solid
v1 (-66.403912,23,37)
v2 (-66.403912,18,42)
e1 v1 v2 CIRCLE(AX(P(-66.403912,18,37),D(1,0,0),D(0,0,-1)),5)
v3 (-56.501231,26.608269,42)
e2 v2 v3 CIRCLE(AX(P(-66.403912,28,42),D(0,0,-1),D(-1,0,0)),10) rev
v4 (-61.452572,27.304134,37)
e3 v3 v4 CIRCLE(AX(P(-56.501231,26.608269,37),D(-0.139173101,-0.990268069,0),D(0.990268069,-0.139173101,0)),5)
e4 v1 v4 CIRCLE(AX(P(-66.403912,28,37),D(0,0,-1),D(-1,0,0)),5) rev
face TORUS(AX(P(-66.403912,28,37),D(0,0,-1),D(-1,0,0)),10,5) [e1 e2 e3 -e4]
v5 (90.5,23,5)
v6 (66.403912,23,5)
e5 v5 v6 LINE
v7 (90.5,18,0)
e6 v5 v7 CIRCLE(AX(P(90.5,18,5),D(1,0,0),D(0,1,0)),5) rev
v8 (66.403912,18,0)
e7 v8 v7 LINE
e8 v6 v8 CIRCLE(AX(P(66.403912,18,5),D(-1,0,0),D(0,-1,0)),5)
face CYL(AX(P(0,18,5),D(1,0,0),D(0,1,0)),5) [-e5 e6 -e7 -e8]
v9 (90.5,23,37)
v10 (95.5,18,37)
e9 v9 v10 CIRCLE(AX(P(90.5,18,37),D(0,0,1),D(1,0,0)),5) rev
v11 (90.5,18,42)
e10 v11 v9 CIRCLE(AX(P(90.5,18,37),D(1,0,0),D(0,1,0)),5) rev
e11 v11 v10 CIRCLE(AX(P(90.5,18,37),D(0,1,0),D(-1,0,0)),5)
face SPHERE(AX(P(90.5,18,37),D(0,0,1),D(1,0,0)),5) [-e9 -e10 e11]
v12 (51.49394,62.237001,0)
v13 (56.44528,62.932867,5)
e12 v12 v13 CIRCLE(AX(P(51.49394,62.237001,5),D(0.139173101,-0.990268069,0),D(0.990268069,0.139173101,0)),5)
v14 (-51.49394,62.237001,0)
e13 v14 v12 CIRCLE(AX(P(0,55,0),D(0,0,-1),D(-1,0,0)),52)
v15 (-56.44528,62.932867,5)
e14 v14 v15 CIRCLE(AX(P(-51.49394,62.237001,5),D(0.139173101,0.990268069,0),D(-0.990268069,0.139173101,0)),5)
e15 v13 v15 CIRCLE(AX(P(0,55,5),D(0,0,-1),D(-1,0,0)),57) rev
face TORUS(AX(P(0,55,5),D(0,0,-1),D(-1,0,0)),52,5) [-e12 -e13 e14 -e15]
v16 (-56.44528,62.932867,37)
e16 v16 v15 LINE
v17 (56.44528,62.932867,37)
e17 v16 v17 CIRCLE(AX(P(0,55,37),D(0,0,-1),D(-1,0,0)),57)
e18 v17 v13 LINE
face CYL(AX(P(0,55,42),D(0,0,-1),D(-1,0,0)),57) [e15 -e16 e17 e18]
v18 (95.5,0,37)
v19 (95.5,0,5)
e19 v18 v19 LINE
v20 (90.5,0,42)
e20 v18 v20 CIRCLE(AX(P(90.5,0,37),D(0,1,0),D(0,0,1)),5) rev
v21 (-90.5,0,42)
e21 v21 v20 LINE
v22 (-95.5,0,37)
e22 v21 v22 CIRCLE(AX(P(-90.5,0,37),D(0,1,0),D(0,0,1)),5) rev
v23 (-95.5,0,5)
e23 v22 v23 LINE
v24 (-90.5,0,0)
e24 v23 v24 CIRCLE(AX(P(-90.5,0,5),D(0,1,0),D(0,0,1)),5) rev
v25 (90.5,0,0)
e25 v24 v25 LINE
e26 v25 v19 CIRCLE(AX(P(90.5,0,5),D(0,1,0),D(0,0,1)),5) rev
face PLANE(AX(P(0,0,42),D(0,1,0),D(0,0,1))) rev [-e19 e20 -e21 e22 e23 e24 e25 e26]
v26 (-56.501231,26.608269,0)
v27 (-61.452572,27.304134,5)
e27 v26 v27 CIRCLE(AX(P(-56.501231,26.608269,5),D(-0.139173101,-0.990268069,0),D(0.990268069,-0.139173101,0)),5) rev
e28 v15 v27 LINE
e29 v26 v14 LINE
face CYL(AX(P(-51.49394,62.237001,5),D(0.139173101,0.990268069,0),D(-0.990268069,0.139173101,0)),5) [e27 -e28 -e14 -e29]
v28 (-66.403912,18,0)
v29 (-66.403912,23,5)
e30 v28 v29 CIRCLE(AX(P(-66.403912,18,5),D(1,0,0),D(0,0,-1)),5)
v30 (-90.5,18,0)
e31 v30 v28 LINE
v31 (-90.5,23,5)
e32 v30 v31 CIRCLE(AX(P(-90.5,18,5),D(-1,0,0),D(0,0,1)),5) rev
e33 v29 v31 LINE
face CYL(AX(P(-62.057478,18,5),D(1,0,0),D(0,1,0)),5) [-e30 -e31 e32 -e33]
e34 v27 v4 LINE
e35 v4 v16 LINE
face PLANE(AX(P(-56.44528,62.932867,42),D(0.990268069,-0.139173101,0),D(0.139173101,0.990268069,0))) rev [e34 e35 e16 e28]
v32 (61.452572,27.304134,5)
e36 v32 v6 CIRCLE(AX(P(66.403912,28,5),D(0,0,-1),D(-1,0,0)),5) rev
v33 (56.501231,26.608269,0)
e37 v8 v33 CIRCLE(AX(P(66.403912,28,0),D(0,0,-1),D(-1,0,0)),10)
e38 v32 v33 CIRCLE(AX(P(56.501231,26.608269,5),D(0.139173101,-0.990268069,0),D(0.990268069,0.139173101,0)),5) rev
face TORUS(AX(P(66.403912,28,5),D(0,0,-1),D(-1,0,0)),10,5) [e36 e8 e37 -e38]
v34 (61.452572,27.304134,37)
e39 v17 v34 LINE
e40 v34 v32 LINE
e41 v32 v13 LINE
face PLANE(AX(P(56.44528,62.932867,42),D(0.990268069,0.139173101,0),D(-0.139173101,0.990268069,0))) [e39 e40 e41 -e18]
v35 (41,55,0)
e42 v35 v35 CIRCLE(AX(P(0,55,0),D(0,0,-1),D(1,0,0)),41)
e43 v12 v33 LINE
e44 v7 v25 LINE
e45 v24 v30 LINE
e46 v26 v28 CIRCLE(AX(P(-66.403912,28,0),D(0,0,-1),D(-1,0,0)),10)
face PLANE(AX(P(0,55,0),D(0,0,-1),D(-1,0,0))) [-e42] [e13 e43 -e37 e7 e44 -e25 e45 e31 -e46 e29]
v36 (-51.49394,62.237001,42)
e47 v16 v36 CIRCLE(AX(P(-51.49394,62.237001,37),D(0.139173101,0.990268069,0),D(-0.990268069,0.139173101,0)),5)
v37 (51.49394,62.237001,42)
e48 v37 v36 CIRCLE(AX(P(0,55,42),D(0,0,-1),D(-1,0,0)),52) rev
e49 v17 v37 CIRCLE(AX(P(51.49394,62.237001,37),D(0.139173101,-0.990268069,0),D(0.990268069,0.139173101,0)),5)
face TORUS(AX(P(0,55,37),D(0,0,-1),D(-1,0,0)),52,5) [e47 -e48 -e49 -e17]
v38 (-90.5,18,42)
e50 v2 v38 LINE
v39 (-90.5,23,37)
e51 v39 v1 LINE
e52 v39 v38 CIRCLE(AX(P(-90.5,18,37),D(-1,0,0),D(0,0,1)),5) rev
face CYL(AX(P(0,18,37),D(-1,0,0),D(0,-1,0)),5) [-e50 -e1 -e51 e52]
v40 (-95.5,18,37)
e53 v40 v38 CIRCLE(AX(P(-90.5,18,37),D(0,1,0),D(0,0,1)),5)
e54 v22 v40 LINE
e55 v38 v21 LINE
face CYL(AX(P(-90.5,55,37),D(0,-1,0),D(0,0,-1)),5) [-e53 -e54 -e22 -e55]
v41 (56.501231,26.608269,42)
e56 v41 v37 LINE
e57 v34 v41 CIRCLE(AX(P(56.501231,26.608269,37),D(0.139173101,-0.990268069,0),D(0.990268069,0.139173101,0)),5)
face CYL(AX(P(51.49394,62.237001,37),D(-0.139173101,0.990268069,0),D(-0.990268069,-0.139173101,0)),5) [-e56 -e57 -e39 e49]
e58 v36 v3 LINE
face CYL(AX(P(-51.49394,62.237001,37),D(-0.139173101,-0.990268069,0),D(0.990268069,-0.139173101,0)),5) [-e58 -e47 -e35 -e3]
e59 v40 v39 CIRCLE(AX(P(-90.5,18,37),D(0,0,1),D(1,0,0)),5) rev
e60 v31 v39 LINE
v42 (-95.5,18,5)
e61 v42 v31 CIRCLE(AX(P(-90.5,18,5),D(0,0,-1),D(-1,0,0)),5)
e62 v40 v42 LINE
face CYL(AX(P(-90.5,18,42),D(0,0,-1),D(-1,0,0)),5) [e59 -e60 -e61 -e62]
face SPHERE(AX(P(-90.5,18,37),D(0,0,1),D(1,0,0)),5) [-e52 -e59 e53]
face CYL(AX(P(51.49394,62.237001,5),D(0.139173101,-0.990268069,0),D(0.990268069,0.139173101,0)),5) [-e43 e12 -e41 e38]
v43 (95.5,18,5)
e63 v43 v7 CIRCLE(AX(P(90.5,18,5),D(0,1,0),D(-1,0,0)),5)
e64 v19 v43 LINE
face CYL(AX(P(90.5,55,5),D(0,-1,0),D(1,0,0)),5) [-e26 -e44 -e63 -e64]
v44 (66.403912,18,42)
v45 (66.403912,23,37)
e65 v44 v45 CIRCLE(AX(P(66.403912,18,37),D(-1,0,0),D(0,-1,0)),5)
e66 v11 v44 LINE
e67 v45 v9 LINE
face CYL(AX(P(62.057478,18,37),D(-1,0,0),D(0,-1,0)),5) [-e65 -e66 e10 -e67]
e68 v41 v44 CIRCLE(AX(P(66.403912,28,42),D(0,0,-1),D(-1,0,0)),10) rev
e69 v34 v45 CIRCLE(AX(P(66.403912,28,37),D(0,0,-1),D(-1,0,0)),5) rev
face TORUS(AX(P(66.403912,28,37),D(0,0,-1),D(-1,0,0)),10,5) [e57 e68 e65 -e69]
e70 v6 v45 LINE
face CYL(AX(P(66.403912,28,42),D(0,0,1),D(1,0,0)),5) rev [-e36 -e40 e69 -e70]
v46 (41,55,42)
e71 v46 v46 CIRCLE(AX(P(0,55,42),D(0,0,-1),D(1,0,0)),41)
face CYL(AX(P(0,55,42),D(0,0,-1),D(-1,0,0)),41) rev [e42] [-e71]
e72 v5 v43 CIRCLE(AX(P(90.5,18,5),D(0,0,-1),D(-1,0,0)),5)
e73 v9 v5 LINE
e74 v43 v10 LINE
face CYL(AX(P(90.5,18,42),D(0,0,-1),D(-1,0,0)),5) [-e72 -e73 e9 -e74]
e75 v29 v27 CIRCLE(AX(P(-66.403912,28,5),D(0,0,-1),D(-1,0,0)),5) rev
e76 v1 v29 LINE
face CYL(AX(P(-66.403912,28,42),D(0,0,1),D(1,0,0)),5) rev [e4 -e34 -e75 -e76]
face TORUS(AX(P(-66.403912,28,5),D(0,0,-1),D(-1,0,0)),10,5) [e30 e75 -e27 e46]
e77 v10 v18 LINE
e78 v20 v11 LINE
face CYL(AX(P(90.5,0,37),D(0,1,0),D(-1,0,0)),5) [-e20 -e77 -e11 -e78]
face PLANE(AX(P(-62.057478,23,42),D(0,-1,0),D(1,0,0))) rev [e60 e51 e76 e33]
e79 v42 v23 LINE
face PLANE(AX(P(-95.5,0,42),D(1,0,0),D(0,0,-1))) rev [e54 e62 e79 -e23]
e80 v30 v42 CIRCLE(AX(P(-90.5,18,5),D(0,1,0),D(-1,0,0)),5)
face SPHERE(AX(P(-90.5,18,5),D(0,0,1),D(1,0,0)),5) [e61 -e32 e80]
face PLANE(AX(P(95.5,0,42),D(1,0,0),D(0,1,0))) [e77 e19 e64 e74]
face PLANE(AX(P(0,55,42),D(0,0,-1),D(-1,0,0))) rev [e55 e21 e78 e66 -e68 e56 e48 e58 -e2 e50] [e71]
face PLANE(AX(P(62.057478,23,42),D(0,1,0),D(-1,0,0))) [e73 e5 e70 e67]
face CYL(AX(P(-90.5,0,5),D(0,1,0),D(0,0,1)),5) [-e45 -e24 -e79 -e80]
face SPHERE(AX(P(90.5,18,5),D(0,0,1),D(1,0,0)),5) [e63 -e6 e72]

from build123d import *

# Parameters (mm, degrees)
BOSS_EXTRUDE1_DEPTH = 42
FILLET1_R           = 5


with BuildPart() as part:
    # Sketch1 → Boss-Extrude1 (new body)
    with BuildSketch(Plane.XY):
        with BuildLine():
            Line((0, 0), (-95.5, 0))
            Line((-95.5, 0), (-95.5, 23))
            Line((-95.5, 23), (-62.057478344, 23))
            Line((-62.057478344, 23), (-56.445279918, 62.932866755))
            ThreePointArc((-56.445279918, 62.932866755), (-37.395364652, 98.018446073), (0, 112))
            Line((0, 112), (0, 96))
            ThreePointArc((0, 96), (-41, 55), (0, 14))
            Line((0, 14), (0, 0))
        make_face()
    boss_extrude1 = extrude(amount=BOSS_EXTRUDE1_DEPTH)

    # Mirror1: Boss-Extrude1 across plane
    add(boss_extrude1.mirror(Plane(origin=(0, 112, 42), x_dir=(0, 0, 1), z_dir=(-1, 0, 0))))

    # Fillet1
    fillet1_edges = [part.edges().sort_by_distance(p)[0] for p in [
        (0, 112, 0),
        (-95.5, 23, 21),
        (-62.057478344, 23, 21),
        (0, 112, 42),
        (-59.251379131, 42.966433377, 42),
        (95.5, 11.5, 42),
        (-78.778739172, 23, 42),
        (78.778739172, 23, 42),
        (95.5, 23, 21),
        (59.251379131, 42.966433377, 42),
        (62.057478344, 23, 21),
        (59.251379131, 42.966433377, 0),
        (78.778739172, 23, 0),
        (-95.5, 11.5, 42),
        (95.5, 11.5, 0),
        (-95.5, 11.5, 0),
        (-78.778739172, 23, 0),
        (-59.251379131, 42.966433377, 0),
    ]]
    fillet(fillet1_edges, radius=FILLET1_R)


solid = part.part
